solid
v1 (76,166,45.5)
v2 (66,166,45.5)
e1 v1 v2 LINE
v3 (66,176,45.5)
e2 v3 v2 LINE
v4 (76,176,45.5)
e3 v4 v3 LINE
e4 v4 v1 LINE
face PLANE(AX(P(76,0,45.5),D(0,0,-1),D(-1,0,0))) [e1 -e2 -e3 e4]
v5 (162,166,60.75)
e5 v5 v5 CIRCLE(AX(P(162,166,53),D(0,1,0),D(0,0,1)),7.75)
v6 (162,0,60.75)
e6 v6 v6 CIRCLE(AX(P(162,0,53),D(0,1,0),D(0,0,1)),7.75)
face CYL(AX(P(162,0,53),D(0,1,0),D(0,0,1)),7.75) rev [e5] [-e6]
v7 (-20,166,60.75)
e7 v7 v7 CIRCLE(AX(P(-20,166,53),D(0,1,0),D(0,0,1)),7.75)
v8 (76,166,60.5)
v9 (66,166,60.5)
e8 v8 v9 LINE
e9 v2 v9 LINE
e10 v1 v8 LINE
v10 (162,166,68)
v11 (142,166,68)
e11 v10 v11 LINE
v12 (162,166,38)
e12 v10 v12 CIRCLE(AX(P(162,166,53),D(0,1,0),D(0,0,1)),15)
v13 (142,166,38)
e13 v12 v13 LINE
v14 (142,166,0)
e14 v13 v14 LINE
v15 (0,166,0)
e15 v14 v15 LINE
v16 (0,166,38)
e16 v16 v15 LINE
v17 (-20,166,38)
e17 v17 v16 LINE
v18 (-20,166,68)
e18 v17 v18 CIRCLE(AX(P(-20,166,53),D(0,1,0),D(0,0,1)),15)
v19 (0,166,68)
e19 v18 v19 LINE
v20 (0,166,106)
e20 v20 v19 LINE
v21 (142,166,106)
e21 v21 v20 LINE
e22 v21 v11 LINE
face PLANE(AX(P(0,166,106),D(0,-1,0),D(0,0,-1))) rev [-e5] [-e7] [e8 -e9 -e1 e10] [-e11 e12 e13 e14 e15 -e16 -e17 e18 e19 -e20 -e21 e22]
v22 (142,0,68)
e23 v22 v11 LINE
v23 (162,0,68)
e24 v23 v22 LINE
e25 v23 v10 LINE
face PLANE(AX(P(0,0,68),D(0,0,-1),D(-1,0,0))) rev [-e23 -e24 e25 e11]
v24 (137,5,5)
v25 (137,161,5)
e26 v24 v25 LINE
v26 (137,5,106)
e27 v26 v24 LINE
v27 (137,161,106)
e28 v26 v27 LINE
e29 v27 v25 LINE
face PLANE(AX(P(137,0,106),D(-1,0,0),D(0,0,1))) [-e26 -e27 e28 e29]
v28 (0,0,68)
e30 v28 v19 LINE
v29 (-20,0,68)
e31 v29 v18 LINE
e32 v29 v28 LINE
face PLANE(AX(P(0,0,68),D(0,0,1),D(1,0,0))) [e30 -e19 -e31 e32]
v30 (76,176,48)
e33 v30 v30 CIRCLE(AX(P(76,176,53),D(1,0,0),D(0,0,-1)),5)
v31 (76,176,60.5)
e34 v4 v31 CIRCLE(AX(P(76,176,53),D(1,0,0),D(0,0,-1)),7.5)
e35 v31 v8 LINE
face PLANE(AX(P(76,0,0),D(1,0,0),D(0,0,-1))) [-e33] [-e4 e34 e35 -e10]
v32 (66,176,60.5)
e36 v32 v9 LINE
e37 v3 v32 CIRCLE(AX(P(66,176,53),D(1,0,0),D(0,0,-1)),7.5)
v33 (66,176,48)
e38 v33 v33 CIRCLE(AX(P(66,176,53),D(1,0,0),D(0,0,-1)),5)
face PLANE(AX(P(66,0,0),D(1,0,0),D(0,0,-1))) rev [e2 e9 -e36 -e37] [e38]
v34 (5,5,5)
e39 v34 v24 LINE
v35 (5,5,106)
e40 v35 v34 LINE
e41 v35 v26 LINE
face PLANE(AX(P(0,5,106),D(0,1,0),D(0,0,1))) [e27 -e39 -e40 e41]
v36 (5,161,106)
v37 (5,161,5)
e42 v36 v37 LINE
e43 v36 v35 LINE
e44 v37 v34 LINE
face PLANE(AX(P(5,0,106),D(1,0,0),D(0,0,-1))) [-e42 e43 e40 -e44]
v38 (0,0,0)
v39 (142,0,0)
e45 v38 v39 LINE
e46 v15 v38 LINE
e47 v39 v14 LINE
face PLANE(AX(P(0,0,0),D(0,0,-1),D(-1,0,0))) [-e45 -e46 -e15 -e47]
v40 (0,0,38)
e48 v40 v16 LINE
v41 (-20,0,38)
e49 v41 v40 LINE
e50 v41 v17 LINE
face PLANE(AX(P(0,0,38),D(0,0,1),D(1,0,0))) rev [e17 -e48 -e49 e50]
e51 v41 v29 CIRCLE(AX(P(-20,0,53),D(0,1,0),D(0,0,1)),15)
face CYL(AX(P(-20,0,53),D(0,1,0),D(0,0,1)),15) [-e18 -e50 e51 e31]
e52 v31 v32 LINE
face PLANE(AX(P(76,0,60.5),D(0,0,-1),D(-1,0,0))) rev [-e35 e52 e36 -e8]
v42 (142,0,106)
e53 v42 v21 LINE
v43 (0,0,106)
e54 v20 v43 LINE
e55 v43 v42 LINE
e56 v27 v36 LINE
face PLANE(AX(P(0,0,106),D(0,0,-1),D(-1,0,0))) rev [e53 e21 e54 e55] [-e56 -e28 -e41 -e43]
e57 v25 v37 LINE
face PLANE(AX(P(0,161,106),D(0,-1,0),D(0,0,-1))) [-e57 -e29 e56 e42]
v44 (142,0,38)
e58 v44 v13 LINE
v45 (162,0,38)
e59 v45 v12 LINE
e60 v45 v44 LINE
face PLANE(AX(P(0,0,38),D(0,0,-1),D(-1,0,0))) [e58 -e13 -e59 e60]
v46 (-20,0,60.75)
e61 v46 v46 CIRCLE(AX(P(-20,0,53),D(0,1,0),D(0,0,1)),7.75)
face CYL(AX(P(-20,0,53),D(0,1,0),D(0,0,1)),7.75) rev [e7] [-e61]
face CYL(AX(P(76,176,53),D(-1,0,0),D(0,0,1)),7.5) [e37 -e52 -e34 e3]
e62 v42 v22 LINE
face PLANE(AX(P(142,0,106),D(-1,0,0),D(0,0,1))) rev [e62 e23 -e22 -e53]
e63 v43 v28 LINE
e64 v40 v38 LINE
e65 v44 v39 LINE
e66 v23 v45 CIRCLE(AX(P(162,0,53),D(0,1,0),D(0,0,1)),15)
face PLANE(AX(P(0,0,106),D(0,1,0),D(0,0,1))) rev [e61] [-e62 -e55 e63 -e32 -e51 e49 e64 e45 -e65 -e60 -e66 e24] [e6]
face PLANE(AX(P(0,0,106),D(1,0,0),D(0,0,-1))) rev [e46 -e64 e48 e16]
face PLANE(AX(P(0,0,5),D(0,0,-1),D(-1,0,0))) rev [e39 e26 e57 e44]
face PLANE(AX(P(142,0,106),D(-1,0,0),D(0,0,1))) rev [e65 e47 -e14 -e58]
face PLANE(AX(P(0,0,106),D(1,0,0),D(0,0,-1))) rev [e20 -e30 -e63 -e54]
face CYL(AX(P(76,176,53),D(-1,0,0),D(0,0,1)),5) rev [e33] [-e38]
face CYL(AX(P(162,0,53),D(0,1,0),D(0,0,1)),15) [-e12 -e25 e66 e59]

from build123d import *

# Parameters (mm, degrees)
SKETCH_2_W      = 142
SKETCH_2_H      = 166
EXTRUDE_1_DEPTH = 106
SHELL_1_T       = -5
SKETCH_3_R      = 15
SKETCH_3_R_2    = 7.75
EXTRUDE_2_DEPTH = 166
SKETCH_4_R      = 5
EXTRUDE_3_DEPTH = 5


with BuildPart() as part:
    # 스케치2 → 보스-돌출1 (new body)
    with BuildSketch(Plane.XY):
        with Locations((71, 83)):
            Rectangle(SKETCH_2_W, SKETCH_2_H)
    extrude(amount=EXTRUDE_1_DEPTH)

    # 쉘1
    shell_1_openings = [part.faces().sort_by_distance(p)[0] for p in [
        (71, 83, 106),
    ]]
    offset(amount=SHELL_1_T, openings=shell_1_openings, kind=Kind.INTERSECTION)

    # 스케치3 → 보스-돌출2 (add)
    # profile 1 of 4: a face of its own
    with BuildSketch(Plane(origin=(0, 166, 0), x_dir=(1, 0, 0), z_dir=(0, 1, 0))):
        with Locations((-20, -53)):
            Circle(SKETCH_3_R)
        with Locations(Location((-20, -53, 0), (0, 0, 270))):
            Circle(SKETCH_3_R_2, mode=Mode.SUBTRACT)
    # profile 2 of 4: a face of its own
    with BuildSketch(Plane(origin=(0, 166, 0), x_dir=(1, 0, 0), z_dir=(0, 1, 0))):
        with BuildLine():
            Line((0, -38), (-20, -38))
            ThreePointArc((-20, -38), (-9.393398282, -42.393398282), (-5, -53))
            ThreePointArc((-5, -53), (-9.393398282, -63.606601718), (-20, -68))
            Line((-20, -68), (0, -68))
            Line((0, -68), (0, -38))
        make_face()
    # profile 3 of 4: a face of its own
    with BuildSketch(Plane(origin=(0, 166, 0), x_dir=(1, 0, 0), z_dir=(0, 1, 0))):
        with BuildLine():
            ThreePointArc((162, -68), (147, -53), (162, -38))
            Line((162, -38), (142, -38))
            Line((142, -38), (142, -68))
            Line((142, -68), (162, -68))
        make_face()
    # profile 4 of 4: a face of its own
    with BuildSketch(Plane(origin=(0, 166, 0), x_dir=(1, 0, 0), z_dir=(0, 1, 0))):
        with Locations((162, -53)):
            Circle(SKETCH_3_R)
        with Locations(Location((162, -53, 0), (0, 0, 270))):
            Circle(SKETCH_3_R_2, mode=Mode.SUBTRACT)
    extrude(amount=-EXTRUDE_2_DEPTH)

    # 스케치4 → 보스-돌출3 (add, symmetric)
    with BuildSketch(Plane(origin=(71, 0, 0), x_dir=(0, 0, -1), z_dir=(1, 0, 0))):
        with BuildLine():
            ThreePointArc((-45.5, 176), (-53, 183.5), (-60.5, 176))
            Line((-60.5, 176), (-60.5, 166))
            Line((-60.5, 166), (-45.5, 166))
            Line((-45.5, 166), (-45.5, 176))
        make_face()
        with Locations((-53, 176)):
            Circle(SKETCH_4_R, mode=Mode.SUBTRACT)
    extrude(amount=EXTRUDE_3_DEPTH, both=True)


solid = part.part
